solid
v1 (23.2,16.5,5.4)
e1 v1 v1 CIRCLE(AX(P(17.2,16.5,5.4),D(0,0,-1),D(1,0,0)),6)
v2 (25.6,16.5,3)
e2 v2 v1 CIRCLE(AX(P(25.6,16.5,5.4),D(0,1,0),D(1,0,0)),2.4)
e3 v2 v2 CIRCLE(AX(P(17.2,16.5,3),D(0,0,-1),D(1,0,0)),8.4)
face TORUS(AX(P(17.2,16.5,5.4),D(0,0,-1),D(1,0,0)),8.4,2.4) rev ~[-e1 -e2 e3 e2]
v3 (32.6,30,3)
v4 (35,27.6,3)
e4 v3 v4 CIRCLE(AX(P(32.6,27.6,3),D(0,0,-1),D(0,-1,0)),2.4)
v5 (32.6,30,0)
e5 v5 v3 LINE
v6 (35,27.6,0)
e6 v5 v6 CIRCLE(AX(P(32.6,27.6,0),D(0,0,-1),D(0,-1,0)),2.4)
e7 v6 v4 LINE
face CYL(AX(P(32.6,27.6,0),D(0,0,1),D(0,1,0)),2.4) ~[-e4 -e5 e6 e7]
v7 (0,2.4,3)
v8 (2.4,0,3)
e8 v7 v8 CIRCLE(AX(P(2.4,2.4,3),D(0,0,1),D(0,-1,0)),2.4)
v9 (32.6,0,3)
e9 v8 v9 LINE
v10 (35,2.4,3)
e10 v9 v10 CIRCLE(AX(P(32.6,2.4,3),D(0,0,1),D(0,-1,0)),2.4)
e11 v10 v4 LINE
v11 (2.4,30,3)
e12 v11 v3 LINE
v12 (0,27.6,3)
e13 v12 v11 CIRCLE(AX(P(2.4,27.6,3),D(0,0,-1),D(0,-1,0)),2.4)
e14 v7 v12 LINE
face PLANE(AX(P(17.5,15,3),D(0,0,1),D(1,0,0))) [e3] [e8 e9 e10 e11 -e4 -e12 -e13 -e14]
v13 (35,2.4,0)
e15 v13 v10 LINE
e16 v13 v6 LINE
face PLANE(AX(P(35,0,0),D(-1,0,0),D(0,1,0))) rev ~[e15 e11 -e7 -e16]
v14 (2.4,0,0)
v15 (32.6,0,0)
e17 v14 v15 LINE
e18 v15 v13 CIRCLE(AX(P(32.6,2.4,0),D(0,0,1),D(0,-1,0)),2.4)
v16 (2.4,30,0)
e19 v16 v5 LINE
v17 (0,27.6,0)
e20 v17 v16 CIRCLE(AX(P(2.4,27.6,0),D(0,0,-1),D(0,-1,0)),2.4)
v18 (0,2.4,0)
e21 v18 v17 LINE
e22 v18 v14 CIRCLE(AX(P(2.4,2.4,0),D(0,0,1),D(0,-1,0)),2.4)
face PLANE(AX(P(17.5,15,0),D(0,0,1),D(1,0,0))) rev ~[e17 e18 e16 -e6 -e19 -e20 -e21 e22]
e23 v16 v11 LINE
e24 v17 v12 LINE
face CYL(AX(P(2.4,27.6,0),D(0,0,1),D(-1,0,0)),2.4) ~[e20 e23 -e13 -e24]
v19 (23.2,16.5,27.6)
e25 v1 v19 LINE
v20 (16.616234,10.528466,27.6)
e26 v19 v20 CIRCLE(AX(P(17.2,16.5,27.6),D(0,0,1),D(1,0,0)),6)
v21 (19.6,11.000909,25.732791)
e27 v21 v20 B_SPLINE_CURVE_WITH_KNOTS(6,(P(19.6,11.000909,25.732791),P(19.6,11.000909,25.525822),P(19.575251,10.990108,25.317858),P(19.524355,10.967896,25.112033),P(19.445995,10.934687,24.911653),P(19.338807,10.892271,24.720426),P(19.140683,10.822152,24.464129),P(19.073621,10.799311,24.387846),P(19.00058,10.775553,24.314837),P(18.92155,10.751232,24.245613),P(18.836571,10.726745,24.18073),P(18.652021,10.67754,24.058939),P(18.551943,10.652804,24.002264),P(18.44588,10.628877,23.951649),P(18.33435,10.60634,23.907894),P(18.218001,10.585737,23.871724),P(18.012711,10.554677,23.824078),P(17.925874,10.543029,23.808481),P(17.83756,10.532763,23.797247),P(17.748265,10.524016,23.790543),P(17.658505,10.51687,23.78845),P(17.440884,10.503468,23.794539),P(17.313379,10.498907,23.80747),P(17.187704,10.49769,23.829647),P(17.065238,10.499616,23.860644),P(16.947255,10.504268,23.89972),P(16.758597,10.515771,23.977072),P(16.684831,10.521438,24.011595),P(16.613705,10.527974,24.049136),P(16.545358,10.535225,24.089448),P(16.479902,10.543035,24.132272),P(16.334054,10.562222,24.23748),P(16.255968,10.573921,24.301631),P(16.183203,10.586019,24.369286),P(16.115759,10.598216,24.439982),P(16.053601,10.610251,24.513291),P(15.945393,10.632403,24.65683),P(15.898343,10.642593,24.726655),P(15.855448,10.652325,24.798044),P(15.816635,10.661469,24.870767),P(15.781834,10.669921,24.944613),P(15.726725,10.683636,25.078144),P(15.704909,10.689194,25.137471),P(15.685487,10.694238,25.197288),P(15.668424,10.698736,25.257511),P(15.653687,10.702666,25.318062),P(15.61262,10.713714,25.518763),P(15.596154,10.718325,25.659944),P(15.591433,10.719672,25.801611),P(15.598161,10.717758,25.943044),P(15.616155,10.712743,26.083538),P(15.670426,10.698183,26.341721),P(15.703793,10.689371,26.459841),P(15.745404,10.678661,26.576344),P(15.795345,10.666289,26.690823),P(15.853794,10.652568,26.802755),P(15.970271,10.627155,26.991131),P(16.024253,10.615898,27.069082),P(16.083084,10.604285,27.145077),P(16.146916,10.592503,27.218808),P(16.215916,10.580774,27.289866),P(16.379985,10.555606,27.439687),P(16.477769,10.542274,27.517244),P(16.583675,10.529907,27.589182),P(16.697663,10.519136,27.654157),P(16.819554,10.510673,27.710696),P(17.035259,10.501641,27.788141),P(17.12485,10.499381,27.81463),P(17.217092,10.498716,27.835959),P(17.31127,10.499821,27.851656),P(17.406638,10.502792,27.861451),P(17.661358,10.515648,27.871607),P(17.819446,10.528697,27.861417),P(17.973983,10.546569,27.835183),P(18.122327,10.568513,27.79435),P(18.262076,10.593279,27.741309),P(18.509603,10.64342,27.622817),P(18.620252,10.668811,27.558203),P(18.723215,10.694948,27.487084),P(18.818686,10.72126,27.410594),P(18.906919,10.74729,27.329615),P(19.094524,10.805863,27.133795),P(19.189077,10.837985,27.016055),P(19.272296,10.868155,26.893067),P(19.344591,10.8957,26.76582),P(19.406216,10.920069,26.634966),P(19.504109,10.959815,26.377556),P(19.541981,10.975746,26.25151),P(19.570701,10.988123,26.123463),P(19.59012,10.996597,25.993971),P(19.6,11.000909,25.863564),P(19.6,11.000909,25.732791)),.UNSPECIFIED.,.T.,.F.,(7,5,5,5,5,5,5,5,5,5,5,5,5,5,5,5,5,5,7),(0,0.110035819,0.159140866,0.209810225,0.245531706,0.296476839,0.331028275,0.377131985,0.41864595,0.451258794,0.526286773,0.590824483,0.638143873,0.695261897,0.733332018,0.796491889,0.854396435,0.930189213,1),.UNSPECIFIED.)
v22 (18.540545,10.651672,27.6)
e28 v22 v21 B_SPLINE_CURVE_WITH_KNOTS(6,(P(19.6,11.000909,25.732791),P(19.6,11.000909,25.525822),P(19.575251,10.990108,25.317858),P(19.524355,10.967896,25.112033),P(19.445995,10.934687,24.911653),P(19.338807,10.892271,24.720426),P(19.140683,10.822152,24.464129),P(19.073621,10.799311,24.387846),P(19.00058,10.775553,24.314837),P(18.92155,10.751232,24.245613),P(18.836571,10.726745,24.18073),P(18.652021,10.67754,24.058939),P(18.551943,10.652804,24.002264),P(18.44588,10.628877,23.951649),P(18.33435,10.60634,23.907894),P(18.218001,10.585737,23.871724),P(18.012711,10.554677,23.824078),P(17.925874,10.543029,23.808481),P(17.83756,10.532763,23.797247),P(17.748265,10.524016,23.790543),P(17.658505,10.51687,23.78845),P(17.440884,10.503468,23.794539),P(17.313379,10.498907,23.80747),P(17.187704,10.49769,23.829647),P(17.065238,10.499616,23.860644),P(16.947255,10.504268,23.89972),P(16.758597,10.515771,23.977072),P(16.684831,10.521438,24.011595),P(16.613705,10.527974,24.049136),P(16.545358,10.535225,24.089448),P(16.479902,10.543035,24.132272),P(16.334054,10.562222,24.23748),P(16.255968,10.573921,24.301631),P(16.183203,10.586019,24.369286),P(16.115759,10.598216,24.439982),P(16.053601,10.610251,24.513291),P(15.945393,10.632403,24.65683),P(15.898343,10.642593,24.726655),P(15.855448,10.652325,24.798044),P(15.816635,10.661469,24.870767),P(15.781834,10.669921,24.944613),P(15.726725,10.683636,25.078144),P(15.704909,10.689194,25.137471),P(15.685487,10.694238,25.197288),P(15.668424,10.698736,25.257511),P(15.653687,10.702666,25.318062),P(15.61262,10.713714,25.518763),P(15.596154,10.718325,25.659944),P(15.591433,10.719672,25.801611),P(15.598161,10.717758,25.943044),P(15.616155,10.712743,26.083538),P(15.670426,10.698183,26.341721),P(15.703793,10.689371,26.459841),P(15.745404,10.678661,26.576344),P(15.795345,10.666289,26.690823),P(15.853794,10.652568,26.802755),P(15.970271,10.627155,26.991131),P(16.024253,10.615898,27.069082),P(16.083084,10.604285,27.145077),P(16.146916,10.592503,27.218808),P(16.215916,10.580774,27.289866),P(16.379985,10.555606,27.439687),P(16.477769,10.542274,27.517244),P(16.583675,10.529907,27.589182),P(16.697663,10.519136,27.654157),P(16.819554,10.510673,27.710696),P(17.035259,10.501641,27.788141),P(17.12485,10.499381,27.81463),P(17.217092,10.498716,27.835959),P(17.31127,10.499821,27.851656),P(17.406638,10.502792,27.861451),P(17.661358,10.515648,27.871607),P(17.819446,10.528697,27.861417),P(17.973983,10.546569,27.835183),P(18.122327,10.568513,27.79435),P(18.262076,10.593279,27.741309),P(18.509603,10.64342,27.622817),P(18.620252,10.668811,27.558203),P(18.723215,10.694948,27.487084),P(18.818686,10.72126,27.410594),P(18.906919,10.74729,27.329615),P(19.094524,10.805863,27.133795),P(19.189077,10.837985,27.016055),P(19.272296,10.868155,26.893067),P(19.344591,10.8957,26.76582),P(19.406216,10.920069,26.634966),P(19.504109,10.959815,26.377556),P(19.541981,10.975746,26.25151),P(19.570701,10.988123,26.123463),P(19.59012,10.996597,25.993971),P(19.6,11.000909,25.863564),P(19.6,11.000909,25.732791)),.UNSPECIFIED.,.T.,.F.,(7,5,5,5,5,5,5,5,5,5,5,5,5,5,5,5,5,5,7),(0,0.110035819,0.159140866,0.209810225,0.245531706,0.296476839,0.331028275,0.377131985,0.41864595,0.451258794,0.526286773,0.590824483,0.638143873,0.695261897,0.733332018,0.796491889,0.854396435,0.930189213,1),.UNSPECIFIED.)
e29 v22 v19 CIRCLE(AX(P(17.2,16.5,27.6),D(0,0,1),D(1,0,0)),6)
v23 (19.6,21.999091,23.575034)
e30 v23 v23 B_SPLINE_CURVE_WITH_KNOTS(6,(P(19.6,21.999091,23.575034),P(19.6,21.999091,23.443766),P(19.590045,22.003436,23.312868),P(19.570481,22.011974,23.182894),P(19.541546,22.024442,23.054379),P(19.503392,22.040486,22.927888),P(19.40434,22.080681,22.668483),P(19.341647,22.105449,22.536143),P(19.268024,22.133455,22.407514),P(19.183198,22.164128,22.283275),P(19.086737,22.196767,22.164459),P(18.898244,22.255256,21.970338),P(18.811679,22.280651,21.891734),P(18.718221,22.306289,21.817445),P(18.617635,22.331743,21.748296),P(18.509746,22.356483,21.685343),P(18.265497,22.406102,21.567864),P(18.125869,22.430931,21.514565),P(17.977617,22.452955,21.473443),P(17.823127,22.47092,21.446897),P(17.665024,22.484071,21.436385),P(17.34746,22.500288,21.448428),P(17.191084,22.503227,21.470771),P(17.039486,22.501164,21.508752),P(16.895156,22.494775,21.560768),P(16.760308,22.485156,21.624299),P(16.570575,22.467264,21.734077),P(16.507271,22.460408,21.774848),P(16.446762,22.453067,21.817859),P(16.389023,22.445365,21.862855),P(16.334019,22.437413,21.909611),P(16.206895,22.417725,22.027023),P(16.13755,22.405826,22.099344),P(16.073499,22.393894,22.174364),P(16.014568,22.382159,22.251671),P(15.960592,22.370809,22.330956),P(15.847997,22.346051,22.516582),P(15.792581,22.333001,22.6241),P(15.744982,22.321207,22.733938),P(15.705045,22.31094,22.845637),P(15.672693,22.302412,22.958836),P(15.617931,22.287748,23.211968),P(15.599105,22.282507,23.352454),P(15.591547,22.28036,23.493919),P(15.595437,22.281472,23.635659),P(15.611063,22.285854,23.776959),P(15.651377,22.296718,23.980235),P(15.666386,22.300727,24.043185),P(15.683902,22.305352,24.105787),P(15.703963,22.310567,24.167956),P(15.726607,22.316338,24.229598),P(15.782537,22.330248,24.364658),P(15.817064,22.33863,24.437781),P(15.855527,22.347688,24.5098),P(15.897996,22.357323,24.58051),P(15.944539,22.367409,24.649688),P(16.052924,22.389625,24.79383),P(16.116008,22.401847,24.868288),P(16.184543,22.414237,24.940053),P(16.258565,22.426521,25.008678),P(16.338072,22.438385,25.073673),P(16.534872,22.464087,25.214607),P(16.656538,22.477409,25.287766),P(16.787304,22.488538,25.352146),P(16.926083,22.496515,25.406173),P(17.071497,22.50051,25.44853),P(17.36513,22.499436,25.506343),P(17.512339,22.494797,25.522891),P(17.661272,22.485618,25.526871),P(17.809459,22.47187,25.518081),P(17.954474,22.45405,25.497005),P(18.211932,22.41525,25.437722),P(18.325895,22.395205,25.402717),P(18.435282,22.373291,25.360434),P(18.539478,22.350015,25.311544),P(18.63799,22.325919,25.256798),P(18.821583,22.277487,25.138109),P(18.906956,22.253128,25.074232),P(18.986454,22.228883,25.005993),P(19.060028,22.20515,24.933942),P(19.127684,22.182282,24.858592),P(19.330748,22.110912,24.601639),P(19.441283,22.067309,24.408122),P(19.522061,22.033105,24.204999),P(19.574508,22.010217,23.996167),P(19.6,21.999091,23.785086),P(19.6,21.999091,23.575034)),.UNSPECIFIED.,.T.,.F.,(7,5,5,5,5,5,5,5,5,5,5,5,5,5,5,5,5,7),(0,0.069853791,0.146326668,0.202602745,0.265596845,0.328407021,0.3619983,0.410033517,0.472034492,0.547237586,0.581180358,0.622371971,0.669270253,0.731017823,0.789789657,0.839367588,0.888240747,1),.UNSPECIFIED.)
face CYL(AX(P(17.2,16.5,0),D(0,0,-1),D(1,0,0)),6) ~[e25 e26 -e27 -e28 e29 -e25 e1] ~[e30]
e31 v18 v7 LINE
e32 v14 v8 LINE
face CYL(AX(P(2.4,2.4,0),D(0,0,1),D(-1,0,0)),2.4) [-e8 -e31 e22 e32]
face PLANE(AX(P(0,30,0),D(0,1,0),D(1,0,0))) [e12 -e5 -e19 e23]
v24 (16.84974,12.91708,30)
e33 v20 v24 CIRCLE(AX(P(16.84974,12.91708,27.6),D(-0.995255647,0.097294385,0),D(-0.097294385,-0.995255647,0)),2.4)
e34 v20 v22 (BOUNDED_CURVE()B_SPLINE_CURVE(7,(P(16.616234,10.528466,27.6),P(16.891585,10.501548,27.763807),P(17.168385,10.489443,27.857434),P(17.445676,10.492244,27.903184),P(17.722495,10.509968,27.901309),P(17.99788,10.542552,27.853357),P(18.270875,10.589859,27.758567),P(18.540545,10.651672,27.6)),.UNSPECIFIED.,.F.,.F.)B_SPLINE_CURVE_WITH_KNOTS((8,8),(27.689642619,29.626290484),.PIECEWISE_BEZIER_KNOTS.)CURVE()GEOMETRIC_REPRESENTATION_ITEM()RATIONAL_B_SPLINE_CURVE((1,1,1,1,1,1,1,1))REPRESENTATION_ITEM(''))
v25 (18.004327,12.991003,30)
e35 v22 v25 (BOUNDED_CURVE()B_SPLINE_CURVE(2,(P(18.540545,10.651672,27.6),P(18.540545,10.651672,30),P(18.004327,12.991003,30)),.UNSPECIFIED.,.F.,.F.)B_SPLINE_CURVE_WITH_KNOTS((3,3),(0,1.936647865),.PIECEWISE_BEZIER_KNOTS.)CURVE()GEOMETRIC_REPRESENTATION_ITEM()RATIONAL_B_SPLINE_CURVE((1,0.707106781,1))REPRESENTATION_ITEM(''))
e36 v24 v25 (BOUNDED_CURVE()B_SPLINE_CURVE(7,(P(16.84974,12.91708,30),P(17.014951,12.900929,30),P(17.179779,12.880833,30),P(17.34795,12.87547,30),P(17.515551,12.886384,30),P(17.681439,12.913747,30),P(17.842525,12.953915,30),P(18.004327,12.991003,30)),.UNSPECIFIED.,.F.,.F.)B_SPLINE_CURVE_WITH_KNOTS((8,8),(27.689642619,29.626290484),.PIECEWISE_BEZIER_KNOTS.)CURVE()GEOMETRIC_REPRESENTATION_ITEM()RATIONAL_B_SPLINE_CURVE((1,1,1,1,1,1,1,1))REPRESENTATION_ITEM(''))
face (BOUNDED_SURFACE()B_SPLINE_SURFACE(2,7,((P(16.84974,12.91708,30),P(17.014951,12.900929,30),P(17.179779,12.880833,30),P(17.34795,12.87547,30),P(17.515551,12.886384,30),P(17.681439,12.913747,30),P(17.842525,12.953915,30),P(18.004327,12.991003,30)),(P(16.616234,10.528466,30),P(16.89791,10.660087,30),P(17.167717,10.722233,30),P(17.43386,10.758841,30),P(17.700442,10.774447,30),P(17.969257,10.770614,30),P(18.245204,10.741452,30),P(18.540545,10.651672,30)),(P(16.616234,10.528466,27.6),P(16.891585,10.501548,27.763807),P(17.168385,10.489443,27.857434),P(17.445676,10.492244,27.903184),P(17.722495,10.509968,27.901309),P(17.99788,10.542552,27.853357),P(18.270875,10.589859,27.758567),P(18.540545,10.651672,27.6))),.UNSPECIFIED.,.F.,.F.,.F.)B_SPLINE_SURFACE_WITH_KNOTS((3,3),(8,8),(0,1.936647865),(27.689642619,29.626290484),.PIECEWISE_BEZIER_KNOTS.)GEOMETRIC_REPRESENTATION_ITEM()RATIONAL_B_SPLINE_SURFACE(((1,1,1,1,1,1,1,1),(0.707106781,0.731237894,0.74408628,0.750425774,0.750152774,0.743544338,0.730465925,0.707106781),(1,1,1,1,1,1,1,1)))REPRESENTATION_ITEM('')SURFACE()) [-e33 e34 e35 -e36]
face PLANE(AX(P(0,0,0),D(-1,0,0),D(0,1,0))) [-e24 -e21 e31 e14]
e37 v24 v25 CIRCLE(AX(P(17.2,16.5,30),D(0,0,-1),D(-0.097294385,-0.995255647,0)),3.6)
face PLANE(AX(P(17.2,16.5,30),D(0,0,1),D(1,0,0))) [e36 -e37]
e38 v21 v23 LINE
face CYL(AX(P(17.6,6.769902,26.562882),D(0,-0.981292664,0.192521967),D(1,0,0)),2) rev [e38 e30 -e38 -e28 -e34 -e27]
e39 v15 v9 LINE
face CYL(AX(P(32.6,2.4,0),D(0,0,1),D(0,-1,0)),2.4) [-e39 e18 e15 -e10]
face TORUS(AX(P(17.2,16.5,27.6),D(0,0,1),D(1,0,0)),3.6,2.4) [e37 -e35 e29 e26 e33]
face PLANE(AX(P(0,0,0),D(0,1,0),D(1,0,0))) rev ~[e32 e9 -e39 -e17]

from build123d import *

# Parameters (mm, degrees)
CYLINDER001_R               = 2
CYLINDER001_DEPTH           = 25
CYLINDER001_PLACEMENT_ANGLE = 101.1
BOX_W                       = 35
BOX_H                       = 30
BOX_DEPTH                   = 3
CYLINDER_R                  = 6
CYLINDER_DEPTH              = 30
FILLET_R                    = 2.4
FILLET001_R                 = 2.4


with BuildPart() as cylinder001:
    # Cylinder001 → Cylinder001 (new body)
    with BuildSketch(Plane.XY):
        Circle(CYLINDER001_R)
    extrude(amount=CYLINDER001_DEPTH)


with BuildPart() as cylinder001_1:
    # Cylinder001 placement: moved
    add(cylinder001.part.moved(Location((17.6, 6.769902, 26.562882))).rotate(Axis((17.6, 6.769902, 26.562882), (-1, 0, 0)), CYLINDER001_PLACEMENT_ANGLE))


with BuildPart() as box:
    # Box → Box (new body)
    with BuildSketch(Plane.XY):
        with Locations((17.5, 15)):
            Rectangle(BOX_W, BOX_H)
    extrude(amount=BOX_DEPTH)


with BuildPart() as fillet001:
    # Cylinder → Cylinder (new body)
    with BuildSketch(Plane(origin=(17.2, 16.5, 0), x_dir=(1, 0, 0), z_dir=(0, 0, 1))):
        Circle(CYLINDER_R)
    extrude(amount=CYLINDER_DEPTH)

    # Fusion: union Box
    add(box.part)

    # Cut: cut Cylinder001
    add(cylinder001_1.part, mode=Mode.SUBTRACT)

    # Fillet
    fillet_edges = [fillet001.edges().sort_by_distance(p)[0] for p in [
        (11.2, 16.5, 3),
    ]]
    fillet(fillet_edges, radius=FILLET_R)

    # Fillet001
    fillet001_edges = [fillet001.edges().sort_by_distance(p)[0] for p in [
        (11.2, 16.5, 30),
        (0, 0, 1.5),
        (0, 30, 1.5),
        (35, 30, 1.5),
        (35, 0, 1.5),
    ]]
    fillet(fillet001_edges, radius=FILLET001_R)


solid = fillet001.part
